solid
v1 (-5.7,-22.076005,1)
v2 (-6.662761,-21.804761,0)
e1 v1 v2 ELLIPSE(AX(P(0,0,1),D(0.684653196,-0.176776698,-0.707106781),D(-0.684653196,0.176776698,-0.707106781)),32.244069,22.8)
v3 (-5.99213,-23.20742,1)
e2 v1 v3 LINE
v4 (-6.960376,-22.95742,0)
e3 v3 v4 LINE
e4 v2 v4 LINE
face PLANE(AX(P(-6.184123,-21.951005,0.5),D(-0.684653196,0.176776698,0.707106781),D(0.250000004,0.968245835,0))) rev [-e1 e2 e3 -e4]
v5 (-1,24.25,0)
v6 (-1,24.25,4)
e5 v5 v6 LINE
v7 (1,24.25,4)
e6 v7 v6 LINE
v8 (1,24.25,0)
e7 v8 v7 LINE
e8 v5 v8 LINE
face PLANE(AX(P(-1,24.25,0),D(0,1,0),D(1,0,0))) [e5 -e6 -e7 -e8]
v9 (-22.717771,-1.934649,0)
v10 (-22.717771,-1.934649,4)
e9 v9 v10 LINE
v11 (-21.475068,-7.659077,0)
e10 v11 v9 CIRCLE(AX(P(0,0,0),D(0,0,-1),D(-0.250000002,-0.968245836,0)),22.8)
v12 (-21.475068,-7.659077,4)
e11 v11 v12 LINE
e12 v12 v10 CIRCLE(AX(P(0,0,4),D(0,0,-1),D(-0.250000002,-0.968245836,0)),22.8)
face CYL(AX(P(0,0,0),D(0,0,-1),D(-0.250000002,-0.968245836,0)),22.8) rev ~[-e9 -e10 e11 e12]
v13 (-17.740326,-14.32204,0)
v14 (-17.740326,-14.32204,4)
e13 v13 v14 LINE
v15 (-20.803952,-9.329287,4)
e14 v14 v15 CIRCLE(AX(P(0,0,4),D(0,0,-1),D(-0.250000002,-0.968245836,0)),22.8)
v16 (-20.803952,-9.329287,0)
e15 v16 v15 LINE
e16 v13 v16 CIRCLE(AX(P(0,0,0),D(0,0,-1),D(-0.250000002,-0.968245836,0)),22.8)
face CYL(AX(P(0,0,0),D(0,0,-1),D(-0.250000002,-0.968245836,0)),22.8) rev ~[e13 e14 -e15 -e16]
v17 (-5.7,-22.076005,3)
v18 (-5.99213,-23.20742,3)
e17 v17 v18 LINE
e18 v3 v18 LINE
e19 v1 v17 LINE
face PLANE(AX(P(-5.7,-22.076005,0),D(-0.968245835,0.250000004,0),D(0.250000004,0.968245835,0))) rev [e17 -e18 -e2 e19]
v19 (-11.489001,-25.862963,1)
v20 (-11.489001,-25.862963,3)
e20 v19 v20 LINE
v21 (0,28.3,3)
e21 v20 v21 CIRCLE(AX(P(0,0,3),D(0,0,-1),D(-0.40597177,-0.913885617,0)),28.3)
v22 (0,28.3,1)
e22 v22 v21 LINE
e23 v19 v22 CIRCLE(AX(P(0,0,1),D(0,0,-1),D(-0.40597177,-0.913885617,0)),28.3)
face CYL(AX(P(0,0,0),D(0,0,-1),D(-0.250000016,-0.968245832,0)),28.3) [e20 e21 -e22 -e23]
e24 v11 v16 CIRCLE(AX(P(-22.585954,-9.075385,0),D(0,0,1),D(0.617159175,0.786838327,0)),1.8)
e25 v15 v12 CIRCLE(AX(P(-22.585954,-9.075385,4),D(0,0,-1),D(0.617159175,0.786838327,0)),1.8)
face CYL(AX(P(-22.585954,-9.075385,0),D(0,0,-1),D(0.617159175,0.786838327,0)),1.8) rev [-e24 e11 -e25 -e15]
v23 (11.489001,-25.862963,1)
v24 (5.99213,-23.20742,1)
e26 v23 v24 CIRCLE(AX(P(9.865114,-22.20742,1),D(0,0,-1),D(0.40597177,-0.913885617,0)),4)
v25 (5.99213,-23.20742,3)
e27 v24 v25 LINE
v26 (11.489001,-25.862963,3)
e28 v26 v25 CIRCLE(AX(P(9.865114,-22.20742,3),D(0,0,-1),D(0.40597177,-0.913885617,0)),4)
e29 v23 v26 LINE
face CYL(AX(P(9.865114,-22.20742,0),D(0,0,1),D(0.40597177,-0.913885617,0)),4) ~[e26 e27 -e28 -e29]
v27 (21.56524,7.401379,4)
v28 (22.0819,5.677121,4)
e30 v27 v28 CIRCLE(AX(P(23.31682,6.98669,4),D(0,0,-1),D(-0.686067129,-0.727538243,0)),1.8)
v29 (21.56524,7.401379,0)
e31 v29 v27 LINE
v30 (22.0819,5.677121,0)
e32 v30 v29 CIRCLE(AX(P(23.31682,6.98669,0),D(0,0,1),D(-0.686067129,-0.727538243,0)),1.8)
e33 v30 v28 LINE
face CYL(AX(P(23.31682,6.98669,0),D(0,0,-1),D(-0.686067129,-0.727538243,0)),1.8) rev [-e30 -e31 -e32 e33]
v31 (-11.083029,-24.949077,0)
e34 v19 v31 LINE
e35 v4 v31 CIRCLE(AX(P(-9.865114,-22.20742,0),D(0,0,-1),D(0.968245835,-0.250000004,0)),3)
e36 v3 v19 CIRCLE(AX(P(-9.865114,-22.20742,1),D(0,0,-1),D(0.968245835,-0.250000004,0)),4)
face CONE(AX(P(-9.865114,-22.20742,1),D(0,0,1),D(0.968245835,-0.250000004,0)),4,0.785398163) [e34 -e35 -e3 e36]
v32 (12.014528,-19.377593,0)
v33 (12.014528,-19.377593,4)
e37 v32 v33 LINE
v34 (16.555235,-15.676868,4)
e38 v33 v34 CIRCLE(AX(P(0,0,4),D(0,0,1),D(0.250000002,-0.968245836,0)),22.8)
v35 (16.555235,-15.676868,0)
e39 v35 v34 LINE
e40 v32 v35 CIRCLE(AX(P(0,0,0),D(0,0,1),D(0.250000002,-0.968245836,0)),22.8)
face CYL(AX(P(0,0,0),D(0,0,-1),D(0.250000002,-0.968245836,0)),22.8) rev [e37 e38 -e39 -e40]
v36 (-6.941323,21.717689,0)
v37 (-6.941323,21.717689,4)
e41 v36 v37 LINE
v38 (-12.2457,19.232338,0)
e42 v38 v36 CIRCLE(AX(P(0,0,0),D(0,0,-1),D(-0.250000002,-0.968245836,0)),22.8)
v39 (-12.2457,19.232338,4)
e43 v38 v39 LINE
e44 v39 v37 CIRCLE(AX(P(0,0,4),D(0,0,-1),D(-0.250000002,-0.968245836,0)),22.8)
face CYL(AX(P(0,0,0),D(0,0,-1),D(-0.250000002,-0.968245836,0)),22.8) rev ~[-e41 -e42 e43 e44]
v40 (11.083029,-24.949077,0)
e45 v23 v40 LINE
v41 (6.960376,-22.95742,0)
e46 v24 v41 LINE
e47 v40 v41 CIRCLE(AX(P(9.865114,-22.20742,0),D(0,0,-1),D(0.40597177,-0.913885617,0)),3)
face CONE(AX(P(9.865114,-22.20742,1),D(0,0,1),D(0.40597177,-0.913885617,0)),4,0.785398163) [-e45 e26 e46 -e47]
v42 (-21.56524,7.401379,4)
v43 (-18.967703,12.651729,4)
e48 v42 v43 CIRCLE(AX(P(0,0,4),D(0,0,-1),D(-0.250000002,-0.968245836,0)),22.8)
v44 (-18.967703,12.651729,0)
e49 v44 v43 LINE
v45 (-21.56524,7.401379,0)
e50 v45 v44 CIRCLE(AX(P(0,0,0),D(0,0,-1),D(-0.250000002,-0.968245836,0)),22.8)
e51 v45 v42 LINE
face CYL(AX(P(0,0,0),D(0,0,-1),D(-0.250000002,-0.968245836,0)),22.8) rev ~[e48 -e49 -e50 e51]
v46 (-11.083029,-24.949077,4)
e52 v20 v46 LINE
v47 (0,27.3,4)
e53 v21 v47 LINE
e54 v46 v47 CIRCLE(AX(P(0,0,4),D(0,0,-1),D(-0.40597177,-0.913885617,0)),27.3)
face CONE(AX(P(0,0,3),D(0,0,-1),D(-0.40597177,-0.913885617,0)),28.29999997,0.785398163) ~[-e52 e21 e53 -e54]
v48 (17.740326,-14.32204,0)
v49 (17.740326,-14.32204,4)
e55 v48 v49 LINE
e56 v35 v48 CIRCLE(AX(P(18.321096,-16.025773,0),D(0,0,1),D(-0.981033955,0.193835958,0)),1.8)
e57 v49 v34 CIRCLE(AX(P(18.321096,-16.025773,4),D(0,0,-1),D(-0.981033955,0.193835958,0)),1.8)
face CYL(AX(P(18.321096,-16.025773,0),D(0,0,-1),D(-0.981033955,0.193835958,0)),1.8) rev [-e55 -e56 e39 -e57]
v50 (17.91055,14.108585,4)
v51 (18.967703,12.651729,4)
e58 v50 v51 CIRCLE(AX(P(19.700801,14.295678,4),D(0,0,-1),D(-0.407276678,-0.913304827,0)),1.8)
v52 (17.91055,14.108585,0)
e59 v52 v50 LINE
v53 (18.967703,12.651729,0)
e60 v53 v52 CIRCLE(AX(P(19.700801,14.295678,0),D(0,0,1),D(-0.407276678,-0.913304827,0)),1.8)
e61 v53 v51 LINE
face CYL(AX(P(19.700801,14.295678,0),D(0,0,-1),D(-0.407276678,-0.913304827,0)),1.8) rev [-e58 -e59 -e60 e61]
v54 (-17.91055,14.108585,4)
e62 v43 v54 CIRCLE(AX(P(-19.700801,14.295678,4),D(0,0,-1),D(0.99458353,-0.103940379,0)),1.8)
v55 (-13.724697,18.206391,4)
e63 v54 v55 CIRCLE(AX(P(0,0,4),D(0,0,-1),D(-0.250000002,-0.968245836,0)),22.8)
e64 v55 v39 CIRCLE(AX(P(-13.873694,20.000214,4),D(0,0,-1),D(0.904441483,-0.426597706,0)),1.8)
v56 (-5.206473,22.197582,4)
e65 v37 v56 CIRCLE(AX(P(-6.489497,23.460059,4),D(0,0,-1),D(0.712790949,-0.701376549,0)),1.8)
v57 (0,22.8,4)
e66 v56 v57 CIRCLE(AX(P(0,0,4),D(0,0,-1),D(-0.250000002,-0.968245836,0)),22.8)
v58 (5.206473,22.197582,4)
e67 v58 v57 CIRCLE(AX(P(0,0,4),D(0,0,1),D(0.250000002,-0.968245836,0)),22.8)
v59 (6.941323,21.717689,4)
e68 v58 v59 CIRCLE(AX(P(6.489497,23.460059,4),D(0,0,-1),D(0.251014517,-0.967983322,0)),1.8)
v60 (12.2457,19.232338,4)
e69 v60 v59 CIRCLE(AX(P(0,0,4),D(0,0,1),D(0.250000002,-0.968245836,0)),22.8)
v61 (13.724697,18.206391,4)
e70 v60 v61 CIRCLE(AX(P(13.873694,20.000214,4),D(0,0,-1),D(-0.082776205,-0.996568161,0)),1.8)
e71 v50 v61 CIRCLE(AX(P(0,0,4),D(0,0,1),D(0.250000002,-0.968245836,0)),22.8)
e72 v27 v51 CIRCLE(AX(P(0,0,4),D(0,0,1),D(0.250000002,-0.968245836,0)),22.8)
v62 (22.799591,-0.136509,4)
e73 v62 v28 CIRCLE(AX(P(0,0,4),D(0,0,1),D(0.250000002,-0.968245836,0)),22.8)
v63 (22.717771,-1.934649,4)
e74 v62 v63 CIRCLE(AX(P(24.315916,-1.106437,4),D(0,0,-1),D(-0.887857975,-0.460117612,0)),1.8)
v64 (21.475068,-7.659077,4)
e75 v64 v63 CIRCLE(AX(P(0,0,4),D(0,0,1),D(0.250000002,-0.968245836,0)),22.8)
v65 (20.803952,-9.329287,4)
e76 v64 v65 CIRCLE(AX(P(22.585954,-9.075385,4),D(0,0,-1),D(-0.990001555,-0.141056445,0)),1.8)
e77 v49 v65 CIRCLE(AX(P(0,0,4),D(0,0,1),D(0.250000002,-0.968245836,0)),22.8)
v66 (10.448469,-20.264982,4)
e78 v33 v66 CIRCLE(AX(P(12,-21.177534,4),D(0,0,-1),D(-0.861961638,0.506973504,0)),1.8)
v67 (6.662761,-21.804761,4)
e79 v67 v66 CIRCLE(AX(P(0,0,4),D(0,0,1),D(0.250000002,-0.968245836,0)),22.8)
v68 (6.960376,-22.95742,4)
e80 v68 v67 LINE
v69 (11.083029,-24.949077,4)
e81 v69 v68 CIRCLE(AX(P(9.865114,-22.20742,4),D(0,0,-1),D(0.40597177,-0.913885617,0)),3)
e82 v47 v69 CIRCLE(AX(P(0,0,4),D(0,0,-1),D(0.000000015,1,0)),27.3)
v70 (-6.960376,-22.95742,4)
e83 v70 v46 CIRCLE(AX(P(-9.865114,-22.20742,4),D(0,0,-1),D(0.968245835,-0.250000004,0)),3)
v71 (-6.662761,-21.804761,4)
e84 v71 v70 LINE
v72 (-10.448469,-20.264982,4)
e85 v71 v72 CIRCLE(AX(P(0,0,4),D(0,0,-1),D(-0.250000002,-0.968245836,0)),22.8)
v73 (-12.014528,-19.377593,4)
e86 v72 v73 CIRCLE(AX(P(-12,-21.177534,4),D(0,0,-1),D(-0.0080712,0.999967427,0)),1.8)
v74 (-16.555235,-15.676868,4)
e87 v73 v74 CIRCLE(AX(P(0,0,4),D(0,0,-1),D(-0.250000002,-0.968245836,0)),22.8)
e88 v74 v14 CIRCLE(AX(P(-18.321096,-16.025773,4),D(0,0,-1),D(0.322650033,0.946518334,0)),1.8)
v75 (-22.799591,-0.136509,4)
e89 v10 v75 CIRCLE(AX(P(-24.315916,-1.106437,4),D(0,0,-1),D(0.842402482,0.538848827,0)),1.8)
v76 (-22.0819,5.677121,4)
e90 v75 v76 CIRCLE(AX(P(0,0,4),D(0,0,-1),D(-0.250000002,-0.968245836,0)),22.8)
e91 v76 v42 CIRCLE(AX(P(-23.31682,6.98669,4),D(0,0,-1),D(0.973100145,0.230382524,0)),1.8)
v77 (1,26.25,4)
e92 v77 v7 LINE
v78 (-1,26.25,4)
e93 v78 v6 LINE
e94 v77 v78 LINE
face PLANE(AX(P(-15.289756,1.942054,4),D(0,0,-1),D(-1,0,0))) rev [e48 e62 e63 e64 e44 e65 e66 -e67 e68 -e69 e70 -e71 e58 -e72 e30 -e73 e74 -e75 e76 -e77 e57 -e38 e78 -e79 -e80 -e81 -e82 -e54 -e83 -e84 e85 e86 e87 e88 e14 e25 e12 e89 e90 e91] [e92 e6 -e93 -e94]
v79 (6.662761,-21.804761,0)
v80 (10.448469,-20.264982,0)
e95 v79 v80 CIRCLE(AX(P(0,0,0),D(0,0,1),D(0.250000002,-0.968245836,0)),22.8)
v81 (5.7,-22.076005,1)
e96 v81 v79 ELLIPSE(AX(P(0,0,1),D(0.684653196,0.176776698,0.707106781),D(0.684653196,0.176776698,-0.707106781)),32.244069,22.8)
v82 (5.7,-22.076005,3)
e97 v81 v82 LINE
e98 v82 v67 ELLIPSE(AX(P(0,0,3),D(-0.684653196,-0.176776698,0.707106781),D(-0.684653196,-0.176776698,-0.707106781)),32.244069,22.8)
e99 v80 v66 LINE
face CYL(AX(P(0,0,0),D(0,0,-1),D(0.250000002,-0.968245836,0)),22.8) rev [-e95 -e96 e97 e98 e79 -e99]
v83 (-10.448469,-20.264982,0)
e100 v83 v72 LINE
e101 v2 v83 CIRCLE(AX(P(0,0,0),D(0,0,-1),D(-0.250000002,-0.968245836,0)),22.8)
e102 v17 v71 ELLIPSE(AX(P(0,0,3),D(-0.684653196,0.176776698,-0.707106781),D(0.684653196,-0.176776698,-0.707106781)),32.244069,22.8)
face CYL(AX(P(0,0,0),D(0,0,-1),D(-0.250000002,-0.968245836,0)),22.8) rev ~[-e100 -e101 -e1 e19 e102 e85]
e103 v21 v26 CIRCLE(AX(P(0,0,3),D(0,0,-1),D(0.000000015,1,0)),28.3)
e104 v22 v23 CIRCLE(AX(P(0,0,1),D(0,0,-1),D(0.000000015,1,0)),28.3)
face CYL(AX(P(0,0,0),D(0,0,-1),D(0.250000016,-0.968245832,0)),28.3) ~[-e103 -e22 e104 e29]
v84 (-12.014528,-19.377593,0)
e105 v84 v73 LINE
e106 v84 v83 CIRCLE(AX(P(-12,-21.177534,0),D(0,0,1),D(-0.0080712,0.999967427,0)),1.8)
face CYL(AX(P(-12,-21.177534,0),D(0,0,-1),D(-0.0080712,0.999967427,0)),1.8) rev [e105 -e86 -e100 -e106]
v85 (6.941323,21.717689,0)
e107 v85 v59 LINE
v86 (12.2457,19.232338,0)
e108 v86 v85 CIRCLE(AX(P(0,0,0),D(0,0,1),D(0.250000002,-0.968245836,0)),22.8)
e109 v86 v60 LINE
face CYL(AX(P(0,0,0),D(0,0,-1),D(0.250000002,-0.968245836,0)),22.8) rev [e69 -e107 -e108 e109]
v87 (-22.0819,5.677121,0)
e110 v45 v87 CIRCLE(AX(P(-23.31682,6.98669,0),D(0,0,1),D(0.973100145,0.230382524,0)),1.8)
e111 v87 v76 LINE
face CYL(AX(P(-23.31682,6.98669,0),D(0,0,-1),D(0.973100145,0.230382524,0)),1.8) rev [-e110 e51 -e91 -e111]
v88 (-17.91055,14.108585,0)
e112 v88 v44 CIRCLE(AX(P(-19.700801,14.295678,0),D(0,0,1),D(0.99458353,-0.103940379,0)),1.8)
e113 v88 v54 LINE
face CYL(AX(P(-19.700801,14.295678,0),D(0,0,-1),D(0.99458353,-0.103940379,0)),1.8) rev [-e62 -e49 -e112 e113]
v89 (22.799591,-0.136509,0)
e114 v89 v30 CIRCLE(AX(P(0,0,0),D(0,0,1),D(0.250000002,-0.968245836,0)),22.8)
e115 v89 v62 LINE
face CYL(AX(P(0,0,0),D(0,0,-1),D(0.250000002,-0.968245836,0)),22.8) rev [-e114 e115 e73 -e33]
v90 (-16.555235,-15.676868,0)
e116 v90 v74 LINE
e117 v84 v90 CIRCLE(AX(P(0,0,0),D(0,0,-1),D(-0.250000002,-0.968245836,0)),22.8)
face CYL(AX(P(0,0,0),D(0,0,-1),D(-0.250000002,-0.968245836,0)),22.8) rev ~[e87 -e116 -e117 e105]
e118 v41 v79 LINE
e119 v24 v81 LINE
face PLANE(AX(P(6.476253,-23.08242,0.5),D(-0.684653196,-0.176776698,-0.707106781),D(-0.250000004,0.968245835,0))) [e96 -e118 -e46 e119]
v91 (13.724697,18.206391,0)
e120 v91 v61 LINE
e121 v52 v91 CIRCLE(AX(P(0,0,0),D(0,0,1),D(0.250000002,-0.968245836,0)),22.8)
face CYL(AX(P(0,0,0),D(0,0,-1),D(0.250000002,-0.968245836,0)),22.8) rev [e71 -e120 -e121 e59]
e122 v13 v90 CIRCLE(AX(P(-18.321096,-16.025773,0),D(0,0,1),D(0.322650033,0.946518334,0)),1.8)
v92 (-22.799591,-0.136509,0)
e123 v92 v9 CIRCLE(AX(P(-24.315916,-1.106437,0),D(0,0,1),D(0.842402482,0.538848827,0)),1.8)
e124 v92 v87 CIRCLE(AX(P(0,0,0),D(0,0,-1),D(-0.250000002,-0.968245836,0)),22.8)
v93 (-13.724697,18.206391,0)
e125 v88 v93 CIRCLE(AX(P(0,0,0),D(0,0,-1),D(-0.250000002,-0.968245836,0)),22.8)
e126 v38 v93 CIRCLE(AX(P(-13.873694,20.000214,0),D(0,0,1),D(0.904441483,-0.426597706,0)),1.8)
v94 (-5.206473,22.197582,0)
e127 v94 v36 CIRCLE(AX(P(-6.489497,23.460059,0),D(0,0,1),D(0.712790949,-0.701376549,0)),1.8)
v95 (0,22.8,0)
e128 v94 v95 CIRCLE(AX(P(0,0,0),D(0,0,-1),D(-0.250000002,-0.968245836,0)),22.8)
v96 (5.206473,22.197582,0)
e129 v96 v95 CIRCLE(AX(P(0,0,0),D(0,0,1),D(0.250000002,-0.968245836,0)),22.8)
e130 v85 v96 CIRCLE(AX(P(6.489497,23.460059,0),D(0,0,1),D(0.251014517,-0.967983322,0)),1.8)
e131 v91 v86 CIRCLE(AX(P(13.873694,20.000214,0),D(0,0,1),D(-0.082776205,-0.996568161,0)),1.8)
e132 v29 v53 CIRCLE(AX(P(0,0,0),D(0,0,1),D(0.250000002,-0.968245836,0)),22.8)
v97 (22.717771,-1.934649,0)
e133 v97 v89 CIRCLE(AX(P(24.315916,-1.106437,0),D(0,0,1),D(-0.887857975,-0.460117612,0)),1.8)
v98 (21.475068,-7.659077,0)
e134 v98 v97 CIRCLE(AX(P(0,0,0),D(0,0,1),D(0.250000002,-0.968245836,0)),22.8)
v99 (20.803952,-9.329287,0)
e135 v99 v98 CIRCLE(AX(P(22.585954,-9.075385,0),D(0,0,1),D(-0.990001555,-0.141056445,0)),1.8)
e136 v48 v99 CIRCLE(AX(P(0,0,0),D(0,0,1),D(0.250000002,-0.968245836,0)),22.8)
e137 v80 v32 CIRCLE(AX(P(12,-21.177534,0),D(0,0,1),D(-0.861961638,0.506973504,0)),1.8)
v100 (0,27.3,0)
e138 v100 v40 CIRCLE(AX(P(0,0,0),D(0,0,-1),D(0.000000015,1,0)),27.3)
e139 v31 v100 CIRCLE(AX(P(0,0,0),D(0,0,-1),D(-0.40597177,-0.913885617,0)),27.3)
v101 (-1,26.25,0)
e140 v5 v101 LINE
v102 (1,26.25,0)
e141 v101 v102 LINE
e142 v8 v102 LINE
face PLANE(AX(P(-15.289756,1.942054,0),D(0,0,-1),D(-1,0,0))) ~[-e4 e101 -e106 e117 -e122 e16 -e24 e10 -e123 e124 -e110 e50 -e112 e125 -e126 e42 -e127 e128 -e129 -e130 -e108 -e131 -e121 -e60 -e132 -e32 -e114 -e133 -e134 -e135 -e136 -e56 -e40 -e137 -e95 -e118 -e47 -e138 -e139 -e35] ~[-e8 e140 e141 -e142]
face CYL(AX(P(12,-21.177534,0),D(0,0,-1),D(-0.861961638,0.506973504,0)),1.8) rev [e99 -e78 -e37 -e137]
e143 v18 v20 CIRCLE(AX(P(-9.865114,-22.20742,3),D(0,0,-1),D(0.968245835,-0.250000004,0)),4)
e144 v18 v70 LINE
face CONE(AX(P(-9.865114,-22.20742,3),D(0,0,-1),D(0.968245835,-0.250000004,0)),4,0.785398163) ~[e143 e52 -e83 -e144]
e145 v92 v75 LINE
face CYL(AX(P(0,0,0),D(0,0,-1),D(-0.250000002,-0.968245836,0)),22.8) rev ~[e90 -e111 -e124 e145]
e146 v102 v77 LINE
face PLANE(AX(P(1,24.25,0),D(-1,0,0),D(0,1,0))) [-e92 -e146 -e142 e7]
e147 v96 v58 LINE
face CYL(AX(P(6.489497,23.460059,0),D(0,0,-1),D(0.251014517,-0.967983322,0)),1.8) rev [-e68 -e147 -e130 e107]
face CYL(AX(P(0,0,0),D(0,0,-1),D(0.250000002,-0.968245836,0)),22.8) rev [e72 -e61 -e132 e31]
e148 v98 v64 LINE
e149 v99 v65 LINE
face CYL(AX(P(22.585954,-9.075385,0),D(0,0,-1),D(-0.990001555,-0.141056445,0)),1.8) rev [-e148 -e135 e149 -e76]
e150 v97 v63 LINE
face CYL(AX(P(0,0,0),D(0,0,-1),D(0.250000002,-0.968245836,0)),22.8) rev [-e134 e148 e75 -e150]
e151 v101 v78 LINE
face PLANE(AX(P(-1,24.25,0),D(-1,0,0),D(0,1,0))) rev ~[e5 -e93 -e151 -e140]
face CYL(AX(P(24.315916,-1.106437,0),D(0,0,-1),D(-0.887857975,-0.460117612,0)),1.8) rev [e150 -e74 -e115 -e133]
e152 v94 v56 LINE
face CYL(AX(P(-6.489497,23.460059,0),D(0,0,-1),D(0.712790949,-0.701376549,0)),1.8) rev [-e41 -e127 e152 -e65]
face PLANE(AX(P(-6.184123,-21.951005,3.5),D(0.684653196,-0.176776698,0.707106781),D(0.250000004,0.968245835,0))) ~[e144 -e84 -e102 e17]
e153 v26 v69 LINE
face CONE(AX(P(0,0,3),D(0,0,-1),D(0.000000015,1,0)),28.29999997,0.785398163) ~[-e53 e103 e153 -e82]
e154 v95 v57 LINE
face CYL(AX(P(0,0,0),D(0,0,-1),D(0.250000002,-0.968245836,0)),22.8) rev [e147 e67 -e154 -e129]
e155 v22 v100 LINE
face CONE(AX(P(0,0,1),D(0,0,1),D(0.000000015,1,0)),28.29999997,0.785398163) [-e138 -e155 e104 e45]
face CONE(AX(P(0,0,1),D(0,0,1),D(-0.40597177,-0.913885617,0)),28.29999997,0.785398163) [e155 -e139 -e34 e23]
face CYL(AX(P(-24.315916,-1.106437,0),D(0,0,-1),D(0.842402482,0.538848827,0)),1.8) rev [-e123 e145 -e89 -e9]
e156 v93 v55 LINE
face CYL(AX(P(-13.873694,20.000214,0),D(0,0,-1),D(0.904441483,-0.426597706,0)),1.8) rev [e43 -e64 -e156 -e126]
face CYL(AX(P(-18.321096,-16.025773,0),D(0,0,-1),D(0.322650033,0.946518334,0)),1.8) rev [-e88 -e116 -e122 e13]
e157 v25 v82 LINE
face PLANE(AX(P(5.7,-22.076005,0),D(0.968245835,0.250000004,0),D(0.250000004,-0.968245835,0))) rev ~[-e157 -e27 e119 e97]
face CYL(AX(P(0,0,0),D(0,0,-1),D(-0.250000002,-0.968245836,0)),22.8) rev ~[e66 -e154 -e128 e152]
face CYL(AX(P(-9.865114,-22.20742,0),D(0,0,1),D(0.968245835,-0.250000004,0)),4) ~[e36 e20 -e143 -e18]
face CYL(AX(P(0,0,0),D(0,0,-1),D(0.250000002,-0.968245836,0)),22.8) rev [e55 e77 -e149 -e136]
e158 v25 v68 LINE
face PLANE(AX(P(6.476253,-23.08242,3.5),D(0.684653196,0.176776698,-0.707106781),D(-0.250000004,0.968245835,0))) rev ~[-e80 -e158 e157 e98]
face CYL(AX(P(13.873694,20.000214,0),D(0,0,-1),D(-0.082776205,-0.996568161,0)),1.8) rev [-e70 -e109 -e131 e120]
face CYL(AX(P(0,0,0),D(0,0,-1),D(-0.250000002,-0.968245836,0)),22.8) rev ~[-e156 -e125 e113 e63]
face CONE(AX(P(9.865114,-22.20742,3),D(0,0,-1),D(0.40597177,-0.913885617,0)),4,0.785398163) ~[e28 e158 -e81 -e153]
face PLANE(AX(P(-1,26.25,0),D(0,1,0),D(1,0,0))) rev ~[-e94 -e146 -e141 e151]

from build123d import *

# Parameters (mm, degrees)
PAD_DEPTH             = 4
POCKET_DEPTH          = 129.213319
POLARPATTERN_COUNT    = 8
POLARPATTERN_ANGLE    = 135
POCKET001_DEPTH       = 163.025541
POLARPATTERN001_COUNT = 8
POLARPATTERN001_ANGLE = 135
FILLET_R              = 4
CHAMFER_SIZE          = 1
CHAMFER001_SIZE       = 1
SKETCH004_W           = 2
SKETCH004_H           = 2
POCKET002_DEPTH       = 4.001


with BuildPart() as part:
    # Sketch → Pad (new body)
    with BuildSketch(Plane.XY):
        with BuildLine():
            ThreePointArc((5.7, -22.076005), (22.618277, 2.872898), (0, 22.8))
            Line((0, 22.8), (0, 28.3))
            ThreePointArc((7.075, -27.401357), (28.07444, 3.565921), (0, 28.3))
            Line((5.7, -22.076005), (7.075, -27.401357))
        make_face()
    pad = extrude(amount=PAD_DEPTH)

    # Sketch001 → Pocket (cut, through all)
    with BuildSketch(Plane.XY):
        with BuildLine():
            Line((0, 0), (10.448469, -20.264982))
            ThreePointArc((10.448469, -20.264982), (12.887389, -22.743593), (12.014528, -19.377593))
            Line((12.014528, -19.377593), (0, 0))
        make_face()
    pocket = extrude(amount=POCKET_DEPTH, mode=Mode.SUBTRACT)

    # PolarPattern: Pocket ×8 about axis
    polarpattern_axis = Axis((0, 0, 0), (0, 0, 1))
    for i in range(1, POLARPATTERN_COUNT):
        add(pocket.rotate(polarpattern_axis, i * POLARPATTERN_ANGLE / (POLARPATTERN_COUNT - 1)), mode=Mode.SUBTRACT)

    # Mirrored: Pad across Sketch V_Axis
    add(pad.mirror(Plane(origin=(0, 0, 0), x_dir=(0, 0, 1), z_dir=(1, 0, 0))))

    # Sketch003 → Pocket001 (cut, through all)
    with BuildSketch(Plane.XY):
        with BuildLine():
            Line((0, 0), (-12.014528, -19.377593))
            ThreePointArc((-12.014528, -19.377593), (-12.887389, -22.743593), (-10.448469, -20.264982))
            Line((-10.448469, -20.264982), (0, 0))
        make_face()
    pocket001 = extrude(amount=POCKET001_DEPTH, mode=Mode.SUBTRACT)

    # PolarPattern001: Pocket001 ×8 about axis
    polarpattern001_axis = Axis((0, 0, 0), (0, 0, -1))
    for i in range(1, POLARPATTERN001_COUNT):
        add(pocket001.rotate(polarpattern001_axis, i * POLARPATTERN001_ANGLE / (POLARPATTERN001_COUNT - 1)), mode=Mode.SUBTRACT)

    # Fillet
    fillet_edges = [part.edges().sort_by_distance(p)[0] for p in [
        (7.075, -27.401357, 2),
        (-7.075, -27.401357, 2),
    ]]
    fillet(fillet_edges, radius=FILLET_R)

    # Chamfer
    chamfer_edges = [part.edges().sort_by_distance(p)[0] for p in [
        (8.125118, -25.809145, 4),
        (27.684037, 5.872314, 4),
        (-27.684037, 5.872314, 4),
        (-8.125118, -25.809145, 4),
        (-5.846065, -22.641713, 4),
        (5.846065, -22.641713, 4),
    ]]
    chamfer(chamfer_edges, length=CHAMFER_SIZE)

    # Chamfer001
    chamfer001_edges = [part.edges().sort_by_distance(p)[0] for p in [
        (-8.125118, -25.809145, 0),
        (-5.846065, -22.641713, 0),
        (-27.684037, 5.872314, 0),
        (27.684037, 5.872314, 0),
        (8.125118, -25.809145, 0),
        (5.846065, -22.641713, 0),
    ]]
    chamfer(chamfer001_edges, length=CHAMFER001_SIZE)

    # Sketch004 → Pocket002 (cut, through all)
    with BuildSketch(Plane.XY):
        with Locations((0, 25.25)):
            Rectangle(SKETCH004_W, SKETCH004_H)
    extrude(amount=POCKET002_DEPTH, mode=Mode.SUBTRACT)


solid = part.part
